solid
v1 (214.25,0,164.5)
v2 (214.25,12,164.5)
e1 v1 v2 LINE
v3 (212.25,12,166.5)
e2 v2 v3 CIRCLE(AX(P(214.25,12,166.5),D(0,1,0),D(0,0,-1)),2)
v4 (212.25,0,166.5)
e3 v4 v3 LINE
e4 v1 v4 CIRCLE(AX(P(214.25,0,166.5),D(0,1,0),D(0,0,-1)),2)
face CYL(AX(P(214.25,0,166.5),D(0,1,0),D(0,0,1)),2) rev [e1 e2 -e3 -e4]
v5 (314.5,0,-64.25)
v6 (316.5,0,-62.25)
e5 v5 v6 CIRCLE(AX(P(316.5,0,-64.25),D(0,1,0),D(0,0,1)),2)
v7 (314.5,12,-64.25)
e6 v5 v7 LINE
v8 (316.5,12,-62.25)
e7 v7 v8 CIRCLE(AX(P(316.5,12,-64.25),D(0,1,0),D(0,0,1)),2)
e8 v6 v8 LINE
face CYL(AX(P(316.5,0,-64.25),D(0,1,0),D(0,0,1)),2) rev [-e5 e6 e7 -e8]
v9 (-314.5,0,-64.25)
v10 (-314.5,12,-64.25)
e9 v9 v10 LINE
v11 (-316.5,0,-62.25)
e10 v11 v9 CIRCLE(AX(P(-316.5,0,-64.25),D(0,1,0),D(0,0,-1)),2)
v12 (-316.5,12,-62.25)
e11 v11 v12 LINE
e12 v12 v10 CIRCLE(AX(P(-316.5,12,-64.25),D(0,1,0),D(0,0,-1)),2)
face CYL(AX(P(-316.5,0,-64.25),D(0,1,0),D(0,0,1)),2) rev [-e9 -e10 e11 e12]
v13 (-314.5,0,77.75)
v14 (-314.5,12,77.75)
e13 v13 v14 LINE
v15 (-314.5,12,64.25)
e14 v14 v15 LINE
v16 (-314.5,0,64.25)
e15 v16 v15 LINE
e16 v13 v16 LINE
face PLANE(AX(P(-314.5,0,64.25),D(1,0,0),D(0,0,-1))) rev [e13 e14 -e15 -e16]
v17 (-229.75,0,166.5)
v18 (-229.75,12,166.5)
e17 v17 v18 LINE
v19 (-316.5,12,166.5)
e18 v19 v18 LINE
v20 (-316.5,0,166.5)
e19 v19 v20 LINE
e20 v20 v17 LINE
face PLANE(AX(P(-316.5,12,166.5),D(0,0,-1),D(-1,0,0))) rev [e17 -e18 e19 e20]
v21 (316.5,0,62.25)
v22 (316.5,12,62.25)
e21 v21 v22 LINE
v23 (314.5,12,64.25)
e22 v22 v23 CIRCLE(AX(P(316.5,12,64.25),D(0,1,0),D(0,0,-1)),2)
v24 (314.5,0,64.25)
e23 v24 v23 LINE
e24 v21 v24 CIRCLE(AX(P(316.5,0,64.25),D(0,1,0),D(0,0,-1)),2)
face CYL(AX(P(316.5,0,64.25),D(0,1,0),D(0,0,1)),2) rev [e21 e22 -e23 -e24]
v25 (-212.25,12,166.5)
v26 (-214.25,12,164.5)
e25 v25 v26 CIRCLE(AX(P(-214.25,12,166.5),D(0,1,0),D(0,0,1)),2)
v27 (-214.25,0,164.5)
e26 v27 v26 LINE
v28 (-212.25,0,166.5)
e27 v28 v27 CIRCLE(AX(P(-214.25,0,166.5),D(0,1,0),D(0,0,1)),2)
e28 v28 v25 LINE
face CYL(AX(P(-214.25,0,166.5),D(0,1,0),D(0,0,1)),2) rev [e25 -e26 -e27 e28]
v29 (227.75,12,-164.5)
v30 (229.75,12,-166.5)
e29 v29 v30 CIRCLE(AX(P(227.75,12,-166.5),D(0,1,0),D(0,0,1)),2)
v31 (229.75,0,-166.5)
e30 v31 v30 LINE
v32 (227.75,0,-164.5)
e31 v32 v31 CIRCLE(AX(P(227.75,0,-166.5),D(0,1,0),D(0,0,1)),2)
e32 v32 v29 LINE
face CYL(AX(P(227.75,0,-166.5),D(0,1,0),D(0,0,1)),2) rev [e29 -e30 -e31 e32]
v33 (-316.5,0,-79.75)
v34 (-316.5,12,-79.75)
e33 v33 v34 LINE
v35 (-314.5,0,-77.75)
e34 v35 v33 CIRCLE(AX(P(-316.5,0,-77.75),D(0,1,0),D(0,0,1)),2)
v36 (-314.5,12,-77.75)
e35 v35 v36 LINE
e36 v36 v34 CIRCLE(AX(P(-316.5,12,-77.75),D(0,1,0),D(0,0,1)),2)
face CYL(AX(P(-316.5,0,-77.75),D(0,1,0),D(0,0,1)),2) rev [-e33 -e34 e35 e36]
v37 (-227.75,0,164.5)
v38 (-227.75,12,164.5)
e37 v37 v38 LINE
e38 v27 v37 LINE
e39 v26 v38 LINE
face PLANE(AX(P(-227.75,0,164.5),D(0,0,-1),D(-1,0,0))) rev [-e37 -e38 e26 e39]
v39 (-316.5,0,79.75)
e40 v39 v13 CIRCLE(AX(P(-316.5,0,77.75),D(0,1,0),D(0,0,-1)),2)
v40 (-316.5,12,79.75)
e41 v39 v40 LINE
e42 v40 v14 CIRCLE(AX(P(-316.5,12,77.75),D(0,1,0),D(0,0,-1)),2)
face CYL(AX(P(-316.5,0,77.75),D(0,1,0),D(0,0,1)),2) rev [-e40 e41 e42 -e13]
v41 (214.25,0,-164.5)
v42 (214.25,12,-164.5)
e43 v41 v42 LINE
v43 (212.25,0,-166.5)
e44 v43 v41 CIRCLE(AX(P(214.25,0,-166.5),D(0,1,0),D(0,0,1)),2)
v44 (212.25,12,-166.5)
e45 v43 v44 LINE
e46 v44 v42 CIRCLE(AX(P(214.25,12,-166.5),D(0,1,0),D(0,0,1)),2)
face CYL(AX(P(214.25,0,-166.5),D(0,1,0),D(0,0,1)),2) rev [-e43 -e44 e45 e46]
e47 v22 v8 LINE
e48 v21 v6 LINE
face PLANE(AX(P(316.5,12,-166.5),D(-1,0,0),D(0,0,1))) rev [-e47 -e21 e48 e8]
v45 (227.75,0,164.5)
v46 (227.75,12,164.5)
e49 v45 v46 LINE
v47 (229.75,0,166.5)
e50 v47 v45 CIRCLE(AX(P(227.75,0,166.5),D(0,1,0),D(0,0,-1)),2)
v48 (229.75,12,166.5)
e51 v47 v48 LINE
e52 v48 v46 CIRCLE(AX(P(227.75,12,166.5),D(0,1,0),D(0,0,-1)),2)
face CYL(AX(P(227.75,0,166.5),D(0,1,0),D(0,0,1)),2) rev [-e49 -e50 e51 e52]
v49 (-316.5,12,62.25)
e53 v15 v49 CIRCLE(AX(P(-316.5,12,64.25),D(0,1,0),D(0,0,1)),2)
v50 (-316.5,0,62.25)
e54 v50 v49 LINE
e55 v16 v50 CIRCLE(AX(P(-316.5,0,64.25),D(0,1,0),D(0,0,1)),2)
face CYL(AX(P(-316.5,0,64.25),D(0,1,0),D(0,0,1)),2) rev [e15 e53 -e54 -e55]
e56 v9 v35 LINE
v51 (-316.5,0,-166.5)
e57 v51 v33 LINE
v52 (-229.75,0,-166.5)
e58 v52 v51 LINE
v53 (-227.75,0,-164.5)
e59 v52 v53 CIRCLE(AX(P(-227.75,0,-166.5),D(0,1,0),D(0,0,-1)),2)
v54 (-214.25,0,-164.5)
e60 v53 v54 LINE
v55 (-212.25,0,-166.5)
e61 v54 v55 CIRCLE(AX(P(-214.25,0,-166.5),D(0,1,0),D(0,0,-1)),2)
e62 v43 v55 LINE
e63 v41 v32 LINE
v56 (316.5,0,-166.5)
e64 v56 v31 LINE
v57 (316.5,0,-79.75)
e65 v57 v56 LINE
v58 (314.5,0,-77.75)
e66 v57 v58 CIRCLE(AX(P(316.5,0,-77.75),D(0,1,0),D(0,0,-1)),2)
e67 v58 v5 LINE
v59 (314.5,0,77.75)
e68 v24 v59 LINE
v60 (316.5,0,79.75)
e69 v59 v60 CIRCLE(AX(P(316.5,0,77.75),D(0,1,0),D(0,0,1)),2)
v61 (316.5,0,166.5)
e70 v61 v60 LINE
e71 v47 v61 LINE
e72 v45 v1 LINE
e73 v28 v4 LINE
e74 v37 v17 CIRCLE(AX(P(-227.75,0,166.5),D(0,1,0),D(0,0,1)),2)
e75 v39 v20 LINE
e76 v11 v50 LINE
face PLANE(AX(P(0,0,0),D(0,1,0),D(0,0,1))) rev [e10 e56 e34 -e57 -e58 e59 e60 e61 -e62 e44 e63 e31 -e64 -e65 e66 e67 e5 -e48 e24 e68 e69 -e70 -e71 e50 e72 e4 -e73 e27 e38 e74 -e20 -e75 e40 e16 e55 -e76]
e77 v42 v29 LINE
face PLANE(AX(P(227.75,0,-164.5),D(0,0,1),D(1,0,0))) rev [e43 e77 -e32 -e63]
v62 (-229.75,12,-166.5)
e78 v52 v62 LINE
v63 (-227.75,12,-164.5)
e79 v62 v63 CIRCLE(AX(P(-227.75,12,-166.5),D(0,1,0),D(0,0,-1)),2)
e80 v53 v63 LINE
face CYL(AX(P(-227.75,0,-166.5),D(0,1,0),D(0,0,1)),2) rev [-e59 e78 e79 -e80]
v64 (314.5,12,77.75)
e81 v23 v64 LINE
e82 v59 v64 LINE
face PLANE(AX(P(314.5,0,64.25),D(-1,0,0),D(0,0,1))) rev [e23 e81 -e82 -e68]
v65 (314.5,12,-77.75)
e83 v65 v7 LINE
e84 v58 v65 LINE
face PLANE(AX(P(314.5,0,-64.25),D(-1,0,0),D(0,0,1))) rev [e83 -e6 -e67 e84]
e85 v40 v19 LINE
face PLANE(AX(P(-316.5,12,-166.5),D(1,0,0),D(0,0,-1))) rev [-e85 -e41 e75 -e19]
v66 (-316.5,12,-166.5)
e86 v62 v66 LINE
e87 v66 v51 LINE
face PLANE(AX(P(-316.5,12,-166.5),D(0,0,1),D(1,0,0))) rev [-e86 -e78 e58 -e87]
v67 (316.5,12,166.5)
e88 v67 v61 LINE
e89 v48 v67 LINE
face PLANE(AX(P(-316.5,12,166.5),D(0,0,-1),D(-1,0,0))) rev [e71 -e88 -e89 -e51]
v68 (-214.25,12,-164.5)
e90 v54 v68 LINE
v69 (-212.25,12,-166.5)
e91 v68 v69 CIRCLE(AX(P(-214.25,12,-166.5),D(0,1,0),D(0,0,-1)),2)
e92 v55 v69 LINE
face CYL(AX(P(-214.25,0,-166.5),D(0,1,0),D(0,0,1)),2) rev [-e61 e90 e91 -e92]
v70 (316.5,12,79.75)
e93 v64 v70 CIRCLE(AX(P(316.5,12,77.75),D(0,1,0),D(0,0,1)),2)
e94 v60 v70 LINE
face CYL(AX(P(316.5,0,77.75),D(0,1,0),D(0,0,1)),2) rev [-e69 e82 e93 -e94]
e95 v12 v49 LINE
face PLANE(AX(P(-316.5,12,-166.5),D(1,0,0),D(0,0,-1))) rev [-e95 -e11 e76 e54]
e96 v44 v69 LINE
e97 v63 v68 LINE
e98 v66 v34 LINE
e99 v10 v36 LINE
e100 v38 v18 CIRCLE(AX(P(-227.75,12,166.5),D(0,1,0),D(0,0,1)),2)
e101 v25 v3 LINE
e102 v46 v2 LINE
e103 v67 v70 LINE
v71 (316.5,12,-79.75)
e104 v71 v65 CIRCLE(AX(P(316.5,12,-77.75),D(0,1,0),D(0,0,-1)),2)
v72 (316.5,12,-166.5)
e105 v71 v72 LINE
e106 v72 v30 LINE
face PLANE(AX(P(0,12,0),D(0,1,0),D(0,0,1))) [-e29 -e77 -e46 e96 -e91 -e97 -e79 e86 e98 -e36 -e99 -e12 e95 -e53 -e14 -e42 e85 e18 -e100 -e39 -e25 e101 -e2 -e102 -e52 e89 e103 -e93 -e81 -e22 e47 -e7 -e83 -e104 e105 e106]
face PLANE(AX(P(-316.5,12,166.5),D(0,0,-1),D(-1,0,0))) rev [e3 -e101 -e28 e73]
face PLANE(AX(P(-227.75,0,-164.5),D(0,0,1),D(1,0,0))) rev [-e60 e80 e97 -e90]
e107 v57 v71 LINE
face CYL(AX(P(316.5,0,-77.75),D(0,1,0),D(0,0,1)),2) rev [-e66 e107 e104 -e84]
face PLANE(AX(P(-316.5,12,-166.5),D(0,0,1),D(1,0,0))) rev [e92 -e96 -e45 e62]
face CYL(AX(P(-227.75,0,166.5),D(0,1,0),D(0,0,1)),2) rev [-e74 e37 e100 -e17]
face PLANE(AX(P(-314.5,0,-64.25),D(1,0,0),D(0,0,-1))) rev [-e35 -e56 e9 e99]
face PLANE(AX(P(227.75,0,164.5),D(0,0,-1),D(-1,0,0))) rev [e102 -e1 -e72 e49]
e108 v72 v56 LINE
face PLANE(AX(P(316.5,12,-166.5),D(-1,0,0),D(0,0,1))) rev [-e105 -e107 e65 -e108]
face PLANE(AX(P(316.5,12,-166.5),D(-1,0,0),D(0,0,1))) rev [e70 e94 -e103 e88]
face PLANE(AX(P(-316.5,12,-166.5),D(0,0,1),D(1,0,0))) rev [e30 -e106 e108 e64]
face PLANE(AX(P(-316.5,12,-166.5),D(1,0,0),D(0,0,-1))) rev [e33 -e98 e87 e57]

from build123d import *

# Parameters (mm, degrees)
SKETCH1_W           = 633
SKETCH1_H           = 333
BOSS_EXTRUDE1_DEPTH = 12
CUT_EXTRUDE1_DEPTH  = 13


with BuildPart() as part:
    # Sketch1 → Boss-Extrude1 (new body)
    with BuildSketch(Plane(origin=(0, 0, 0), x_dir=(1, 0, 0), z_dir=(0, 1, 0))):
        Rectangle(SKETCH1_W, SKETCH1_H)
    extrude(amount=BOSS_EXTRUDE1_DEPTH)

    # Sketch2 → Cut-Extrude1 (cut, through all)
    with BuildSketch(Plane(origin=(0, 12, 0), x_dir=(1, 0, 0), z_dir=(0, 1, 0))):
        with BuildLine():
            Line((-227.75, -164.5), (-214.25, -164.5))
            ThreePointArc((-214.25, -164.5), (-212.835786438, -165.085786438), (-212.25, -166.5))
            Line((-212.25, -166.5), (-212.25, -168.5))
            Line((-212.25, -168.5), (-229.75, -168.5))
            Line((-229.75, -168.5), (-229.75, -166.5))
            ThreePointArc((-229.75, -166.5), (-229.164213562, -165.085786438), (-227.75, -164.5))
        make_face()
        with BuildLine():
            Line((316.5, -62.25), (318.5, -62.25))
            Line((318.5, -62.25), (318.5, -79.75))
            Line((318.5, -79.75), (316.5, -79.75))
            ThreePointArc((316.5, -79.75), (315.085786438, -79.164213562), (314.5, -77.75))
            Line((314.5, -77.75), (314.5, -64.25))
            ThreePointArc((314.5, -64.25), (315.085786438, -62.835786438), (316.5, -62.25))
        make_face()
        with BuildLine():
            Line((212.25, -166.5), (212.25, -168.5))
            Line((212.25, -168.5), (229.75, -168.5))
            Line((229.75, -168.5), (229.75, -166.5))
            ThreePointArc((229.75, -166.5), (229.164213562, -165.085786438), (227.75, -164.5))
            Line((227.75, -164.5), (214.25, -164.5))
            ThreePointArc((214.25, -164.5), (212.835786438, -165.085786438), (212.25, -166.5))
        make_face()
        with BuildLine():
            Line((318.5, 62.25), (318.5, 79.75))
            Line((318.5, 79.75), (316.5, 79.75))
            ThreePointArc((316.5, 79.75), (315.085786438, 79.164213562), (314.5, 77.75))
            Line((314.5, 77.75), (314.5, 64.25))
            ThreePointArc((314.5, 64.25), (315.085786438, 62.835786438), (316.5, 62.25))
            Line((316.5, 62.25), (318.5, 62.25))
        make_face()
        with BuildLine():
            Line((-316.5, 62.25), (-318.5, 62.25))
            Line((-318.5, 62.25), (-318.5, 79.75))
            Line((-318.5, 79.75), (-316.5, 79.75))
            ThreePointArc((-316.5, 79.75), (-315.085786438, 79.164213562), (-314.5, 77.75))
            Line((-314.5, 77.75), (-314.5, 64.25))
            ThreePointArc((-314.5, 64.25), (-315.085786438, 62.835786438), (-316.5, 62.25))
        make_face()
        with BuildLine():
            Line((-318.5, -62.25), (-318.5, -79.75))
            Line((-318.5, -79.75), (-316.5, -79.75))
            ThreePointArc((-316.5, -79.75), (-315.085786438, -79.164213562), (-314.5, -77.75))
            Line((-314.5, -77.75), (-314.5, -64.25))
            ThreePointArc((-314.5, -64.25), (-315.085786438, -62.835786438), (-316.5, -62.25))
            Line((-316.5, -62.25), (-318.5, -62.25))
        make_face()
        with BuildLine():
            Line((227.75, 164.5), (214.25, 164.5))
            ThreePointArc((214.25, 164.5), (212.835786438, 165.085786438), (212.25, 166.5))
            Line((212.25, 166.5), (212.25, 168.5))
            Line((212.25, 168.5), (229.75, 168.5))
            Line((229.75, 168.5), (229.75, 166.5))
            ThreePointArc((229.75, 166.5), (229.164213562, 165.085786438), (227.75, 164.5))
        make_face()
        with BuildLine():
            Line((-212.25, 166.5), (-212.25, 168.5))
            Line((-212.25, 168.5), (-229.75, 168.5))
            Line((-229.75, 168.5), (-229.75, 166.5))
            ThreePointArc((-229.75, 166.5), (-229.164213562, 165.085786438), (-227.75, 164.5))
            Line((-227.75, 164.5), (-214.25, 164.5))
            ThreePointArc((-214.25, 164.5), (-212.835786438, 165.085786438), (-212.25, 166.5))
        make_face()
    extrude(amount=-CUT_EXTRUDE1_DEPTH, mode=Mode.SUBTRACT)


solid = part.part
